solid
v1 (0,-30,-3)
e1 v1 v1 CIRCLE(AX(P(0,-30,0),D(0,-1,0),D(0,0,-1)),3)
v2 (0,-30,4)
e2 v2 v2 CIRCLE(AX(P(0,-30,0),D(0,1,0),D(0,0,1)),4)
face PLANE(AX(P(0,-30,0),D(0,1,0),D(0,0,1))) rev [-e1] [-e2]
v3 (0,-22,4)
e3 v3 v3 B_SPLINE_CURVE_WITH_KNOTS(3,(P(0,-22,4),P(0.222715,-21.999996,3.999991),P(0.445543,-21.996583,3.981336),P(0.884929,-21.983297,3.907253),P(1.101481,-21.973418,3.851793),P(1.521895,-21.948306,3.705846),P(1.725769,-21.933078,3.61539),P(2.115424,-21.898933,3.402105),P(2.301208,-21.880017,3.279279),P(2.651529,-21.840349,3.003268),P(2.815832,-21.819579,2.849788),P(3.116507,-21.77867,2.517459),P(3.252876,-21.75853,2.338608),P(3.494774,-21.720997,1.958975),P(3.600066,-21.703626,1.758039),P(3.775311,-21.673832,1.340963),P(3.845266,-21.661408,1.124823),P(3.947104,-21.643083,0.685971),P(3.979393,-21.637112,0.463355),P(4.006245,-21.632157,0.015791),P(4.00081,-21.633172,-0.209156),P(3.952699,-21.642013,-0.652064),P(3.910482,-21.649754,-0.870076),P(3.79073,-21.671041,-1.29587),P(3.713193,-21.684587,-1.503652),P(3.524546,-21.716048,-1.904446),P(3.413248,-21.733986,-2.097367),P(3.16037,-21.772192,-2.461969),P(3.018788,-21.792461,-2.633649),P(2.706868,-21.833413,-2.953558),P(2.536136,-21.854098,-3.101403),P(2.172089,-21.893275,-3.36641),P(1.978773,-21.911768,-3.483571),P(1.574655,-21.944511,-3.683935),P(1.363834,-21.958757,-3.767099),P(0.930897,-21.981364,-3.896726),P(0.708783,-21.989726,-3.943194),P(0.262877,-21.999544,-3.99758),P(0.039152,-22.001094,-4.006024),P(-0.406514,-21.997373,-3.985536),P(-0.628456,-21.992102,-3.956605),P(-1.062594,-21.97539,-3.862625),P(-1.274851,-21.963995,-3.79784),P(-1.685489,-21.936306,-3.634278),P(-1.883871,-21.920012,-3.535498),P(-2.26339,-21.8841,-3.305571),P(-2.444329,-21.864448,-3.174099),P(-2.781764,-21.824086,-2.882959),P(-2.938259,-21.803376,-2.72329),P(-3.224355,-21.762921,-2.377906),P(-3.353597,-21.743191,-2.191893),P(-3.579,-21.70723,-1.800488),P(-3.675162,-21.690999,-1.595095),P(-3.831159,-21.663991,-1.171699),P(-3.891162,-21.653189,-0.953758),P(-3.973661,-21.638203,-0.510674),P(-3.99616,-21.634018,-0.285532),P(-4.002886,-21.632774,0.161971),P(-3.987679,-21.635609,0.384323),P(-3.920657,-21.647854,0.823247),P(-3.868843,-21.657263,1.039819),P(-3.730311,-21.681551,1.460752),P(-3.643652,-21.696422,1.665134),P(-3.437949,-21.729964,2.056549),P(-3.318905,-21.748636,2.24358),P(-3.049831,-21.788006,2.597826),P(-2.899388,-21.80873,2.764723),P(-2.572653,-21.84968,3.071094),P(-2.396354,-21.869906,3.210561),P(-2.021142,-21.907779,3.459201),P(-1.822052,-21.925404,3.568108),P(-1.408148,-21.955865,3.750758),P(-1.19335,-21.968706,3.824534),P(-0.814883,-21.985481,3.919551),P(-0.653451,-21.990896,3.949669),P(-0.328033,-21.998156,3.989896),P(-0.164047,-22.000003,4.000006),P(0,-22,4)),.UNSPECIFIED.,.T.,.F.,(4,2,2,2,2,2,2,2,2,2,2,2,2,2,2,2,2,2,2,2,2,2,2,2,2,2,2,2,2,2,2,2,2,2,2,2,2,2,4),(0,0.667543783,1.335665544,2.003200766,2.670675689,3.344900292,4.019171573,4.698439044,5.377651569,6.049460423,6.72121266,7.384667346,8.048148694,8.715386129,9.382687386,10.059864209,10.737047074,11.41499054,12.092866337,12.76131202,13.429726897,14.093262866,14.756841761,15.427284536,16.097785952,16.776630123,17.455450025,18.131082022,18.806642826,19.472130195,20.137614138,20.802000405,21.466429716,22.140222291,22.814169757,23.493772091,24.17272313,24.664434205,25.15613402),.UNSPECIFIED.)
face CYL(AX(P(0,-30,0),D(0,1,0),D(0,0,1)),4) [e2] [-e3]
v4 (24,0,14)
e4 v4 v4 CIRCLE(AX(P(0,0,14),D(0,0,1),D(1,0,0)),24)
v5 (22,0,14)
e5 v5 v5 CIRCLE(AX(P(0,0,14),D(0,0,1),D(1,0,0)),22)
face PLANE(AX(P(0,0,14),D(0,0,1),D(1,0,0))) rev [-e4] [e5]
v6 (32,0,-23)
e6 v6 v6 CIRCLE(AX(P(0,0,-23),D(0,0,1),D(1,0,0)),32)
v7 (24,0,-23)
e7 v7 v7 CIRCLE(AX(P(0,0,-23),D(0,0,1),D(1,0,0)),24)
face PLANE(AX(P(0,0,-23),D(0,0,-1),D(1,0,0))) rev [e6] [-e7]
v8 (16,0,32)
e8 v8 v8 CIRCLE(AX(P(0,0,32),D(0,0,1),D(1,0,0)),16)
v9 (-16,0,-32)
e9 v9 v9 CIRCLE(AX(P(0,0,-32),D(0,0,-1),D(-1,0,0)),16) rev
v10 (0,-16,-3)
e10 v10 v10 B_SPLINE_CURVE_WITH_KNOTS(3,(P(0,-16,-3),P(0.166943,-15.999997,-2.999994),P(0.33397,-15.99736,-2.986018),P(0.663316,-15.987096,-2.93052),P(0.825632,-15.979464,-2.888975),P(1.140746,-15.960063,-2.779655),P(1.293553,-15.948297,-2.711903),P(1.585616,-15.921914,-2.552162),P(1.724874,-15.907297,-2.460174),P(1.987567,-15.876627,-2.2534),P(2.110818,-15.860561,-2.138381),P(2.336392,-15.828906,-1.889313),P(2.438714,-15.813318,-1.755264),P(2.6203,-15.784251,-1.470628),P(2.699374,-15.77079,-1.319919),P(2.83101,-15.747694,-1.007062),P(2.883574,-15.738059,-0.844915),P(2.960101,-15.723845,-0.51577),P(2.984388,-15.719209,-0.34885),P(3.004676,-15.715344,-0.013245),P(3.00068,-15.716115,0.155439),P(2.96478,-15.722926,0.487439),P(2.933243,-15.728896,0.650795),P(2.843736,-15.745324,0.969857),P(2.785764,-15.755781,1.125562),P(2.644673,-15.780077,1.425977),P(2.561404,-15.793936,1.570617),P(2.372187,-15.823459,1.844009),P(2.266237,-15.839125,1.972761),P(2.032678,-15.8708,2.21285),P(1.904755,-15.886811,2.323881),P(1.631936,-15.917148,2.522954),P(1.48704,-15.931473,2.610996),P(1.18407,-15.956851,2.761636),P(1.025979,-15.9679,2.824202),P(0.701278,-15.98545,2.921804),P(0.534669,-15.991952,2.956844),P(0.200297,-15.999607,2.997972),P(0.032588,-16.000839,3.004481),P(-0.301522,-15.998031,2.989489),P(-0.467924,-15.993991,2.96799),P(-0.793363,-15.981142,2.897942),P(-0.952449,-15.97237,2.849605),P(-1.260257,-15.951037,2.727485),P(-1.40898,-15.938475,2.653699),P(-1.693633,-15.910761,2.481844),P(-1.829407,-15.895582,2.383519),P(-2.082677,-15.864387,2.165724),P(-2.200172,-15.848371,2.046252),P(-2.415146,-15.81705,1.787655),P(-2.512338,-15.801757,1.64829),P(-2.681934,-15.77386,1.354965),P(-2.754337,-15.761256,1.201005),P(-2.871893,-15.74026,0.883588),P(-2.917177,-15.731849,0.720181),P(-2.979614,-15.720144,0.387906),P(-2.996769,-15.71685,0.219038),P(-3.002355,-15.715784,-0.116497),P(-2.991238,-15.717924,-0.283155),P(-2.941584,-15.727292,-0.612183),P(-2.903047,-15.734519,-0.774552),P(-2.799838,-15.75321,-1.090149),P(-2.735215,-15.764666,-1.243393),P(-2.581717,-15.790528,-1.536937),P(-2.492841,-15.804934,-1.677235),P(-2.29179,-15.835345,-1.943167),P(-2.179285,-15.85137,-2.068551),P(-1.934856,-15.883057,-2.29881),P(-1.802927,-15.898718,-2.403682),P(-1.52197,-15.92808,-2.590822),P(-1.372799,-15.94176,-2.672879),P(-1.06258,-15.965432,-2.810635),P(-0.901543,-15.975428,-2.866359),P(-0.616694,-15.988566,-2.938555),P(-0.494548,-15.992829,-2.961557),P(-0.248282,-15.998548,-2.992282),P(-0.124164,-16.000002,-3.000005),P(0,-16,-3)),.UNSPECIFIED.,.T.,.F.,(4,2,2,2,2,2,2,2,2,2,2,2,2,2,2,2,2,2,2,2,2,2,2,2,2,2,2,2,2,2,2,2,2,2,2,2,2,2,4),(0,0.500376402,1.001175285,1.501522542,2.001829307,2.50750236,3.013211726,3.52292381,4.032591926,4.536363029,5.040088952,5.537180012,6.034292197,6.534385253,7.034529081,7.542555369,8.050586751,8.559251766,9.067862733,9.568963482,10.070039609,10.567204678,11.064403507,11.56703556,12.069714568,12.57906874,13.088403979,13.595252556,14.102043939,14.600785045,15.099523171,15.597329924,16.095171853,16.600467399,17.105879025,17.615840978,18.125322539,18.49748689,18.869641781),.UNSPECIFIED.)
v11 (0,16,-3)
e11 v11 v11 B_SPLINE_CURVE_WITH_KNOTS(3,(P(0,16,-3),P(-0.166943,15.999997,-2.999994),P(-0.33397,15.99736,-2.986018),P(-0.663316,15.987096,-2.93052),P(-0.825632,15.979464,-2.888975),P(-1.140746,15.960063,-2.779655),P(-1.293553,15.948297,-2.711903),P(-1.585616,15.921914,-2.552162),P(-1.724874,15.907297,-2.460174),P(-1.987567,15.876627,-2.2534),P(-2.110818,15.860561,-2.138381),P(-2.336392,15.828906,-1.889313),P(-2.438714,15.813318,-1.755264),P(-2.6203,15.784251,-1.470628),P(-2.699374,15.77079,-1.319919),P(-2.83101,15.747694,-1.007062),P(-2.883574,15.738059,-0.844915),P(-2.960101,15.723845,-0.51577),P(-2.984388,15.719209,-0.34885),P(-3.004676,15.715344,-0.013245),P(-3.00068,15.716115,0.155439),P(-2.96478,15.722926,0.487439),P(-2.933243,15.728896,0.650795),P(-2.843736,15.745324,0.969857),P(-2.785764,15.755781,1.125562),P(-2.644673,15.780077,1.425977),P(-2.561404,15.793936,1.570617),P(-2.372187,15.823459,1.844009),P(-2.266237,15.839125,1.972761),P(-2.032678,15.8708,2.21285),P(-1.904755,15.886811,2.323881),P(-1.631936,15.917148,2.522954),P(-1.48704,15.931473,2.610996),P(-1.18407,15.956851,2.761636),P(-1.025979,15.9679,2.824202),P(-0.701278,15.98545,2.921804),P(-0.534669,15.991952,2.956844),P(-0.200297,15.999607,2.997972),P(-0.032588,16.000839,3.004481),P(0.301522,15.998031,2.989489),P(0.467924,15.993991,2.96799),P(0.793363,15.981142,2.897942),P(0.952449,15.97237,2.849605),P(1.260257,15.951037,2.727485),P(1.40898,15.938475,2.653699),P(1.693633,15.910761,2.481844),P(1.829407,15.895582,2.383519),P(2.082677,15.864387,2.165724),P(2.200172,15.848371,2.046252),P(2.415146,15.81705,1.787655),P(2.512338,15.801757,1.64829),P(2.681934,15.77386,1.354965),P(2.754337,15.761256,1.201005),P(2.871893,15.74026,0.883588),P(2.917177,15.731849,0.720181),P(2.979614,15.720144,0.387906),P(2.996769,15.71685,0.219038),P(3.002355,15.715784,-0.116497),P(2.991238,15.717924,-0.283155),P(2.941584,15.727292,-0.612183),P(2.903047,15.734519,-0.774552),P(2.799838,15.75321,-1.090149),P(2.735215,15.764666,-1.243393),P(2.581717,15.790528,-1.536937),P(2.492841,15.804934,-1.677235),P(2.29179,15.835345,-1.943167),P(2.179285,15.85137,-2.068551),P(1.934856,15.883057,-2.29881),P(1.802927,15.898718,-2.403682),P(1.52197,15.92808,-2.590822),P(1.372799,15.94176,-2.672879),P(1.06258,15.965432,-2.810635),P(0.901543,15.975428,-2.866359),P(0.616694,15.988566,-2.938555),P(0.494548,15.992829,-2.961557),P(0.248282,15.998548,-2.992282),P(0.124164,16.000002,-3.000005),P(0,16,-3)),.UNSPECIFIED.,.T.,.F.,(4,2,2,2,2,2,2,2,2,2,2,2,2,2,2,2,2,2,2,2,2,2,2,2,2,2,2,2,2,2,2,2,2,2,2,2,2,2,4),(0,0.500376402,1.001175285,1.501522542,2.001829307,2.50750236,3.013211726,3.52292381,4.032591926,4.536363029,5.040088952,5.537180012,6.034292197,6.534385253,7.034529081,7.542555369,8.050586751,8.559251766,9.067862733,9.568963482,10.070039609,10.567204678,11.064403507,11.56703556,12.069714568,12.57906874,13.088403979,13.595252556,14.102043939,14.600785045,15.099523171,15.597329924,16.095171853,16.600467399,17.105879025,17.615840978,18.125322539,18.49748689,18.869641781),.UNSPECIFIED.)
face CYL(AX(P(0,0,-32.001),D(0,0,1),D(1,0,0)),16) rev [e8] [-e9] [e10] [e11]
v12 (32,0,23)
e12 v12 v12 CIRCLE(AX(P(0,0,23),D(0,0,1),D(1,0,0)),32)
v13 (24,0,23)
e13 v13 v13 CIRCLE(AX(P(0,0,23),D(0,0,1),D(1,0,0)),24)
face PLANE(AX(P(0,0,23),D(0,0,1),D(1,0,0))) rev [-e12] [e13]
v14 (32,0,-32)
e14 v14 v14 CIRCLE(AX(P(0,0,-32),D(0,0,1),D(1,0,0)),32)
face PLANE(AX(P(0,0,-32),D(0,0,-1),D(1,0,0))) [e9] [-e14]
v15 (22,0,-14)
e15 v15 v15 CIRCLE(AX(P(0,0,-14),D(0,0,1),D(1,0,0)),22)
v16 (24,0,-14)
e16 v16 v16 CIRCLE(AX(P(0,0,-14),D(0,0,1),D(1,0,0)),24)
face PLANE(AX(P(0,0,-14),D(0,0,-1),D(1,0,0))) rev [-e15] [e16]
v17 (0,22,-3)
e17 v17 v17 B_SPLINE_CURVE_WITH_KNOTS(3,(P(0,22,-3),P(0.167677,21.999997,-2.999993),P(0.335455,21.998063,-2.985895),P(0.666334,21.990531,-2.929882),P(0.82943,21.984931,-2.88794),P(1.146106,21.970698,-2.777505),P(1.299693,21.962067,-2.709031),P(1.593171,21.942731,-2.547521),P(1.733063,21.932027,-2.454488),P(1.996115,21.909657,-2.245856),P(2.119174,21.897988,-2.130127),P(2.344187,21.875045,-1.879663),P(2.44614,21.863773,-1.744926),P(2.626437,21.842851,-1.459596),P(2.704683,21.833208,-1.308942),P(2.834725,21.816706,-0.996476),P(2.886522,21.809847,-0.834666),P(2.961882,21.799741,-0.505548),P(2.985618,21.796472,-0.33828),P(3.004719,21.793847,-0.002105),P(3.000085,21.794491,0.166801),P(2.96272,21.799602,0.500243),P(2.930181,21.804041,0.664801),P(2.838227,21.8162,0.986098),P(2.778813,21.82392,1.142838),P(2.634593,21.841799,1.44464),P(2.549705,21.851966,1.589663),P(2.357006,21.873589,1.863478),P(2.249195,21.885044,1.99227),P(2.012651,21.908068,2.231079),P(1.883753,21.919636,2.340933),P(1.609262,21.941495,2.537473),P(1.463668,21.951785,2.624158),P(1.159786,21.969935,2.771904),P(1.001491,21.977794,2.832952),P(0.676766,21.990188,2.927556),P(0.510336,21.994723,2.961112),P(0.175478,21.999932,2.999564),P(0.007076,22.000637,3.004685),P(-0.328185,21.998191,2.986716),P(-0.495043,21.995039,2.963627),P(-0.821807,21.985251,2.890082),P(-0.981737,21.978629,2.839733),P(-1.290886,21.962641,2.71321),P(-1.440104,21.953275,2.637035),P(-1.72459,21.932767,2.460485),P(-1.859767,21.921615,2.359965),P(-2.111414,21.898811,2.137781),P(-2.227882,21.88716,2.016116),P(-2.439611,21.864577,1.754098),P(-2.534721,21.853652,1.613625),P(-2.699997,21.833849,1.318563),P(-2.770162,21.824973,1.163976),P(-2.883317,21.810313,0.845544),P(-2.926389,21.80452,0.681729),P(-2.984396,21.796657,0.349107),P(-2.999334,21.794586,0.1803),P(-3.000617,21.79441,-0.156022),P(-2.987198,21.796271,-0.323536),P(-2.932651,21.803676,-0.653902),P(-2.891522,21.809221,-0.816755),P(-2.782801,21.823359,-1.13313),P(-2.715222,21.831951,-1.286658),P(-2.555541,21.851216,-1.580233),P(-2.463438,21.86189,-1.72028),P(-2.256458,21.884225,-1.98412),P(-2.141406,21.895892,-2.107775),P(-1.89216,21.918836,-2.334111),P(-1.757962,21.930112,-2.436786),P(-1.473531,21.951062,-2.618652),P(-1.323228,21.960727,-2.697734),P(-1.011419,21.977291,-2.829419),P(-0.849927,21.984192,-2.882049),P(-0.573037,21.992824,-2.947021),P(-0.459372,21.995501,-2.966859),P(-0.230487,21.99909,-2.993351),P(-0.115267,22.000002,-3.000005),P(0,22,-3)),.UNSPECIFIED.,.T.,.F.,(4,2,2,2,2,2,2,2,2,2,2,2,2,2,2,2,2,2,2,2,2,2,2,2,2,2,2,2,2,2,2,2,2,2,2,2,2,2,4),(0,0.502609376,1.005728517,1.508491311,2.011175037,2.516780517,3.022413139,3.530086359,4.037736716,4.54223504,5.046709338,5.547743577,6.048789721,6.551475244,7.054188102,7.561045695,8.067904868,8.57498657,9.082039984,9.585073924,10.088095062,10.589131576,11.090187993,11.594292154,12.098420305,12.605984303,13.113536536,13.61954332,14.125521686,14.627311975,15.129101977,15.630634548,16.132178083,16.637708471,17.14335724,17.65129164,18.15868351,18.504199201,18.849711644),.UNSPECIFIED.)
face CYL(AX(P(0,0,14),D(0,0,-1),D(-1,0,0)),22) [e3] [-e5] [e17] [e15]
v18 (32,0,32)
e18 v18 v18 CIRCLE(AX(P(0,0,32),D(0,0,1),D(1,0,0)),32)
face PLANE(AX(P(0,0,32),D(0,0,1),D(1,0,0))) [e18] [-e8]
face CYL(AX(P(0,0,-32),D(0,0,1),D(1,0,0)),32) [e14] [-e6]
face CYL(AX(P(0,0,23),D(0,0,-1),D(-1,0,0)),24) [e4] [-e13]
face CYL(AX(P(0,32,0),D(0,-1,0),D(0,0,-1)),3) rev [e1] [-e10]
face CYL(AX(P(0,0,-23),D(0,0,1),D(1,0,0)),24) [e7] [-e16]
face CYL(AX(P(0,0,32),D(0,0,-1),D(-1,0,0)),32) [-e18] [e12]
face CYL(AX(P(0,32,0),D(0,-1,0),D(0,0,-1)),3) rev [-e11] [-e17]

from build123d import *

# Parameters (mm, degrees)
SKETCH1_R           = 22
BOSS_EXTRUDE1_DEPTH = 14
SKETCH2_R           = 24
BOSS_EXTRUDE2_DEPTH = 9
SKETCH3_R           = 32
BOSS_EXTRUDE3_DEPTH = 9
SKETCH5_R           = 4
BOSS_EXTRUDE4_DEPTH = 30
CUT_EXTRUDE2_REACH  = 66
SKETCH4_R           = 16
SKETCH6_R           = 3
CUT_EXTRUDE3_DEPTH  = 63


with BuildPart() as part:
    # Sketch1 → Boss-Extrude1 (new body, symmetric)
    with BuildSketch(Plane.XY):
        Circle(SKETCH1_R)
    extrude(amount=BOSS_EXTRUDE1_DEPTH, both=True)

    # Sketch2 → Boss-Extrude2 (add)
    with BuildSketch(Plane.XY.offset(14)):
        Circle(SKETCH2_R)
    boss_extrude2 = extrude(amount=BOSS_EXTRUDE2_DEPTH)

    # Mirror1: Boss-Extrude2 across plane
    add(boss_extrude2.mirror(Plane.XY))

    # Sketch3 → Boss-Extrude3 (add)
    with BuildSketch(Plane.XY.offset(23)):
        Circle(SKETCH3_R)
    boss_extrude3 = extrude(amount=BOSS_EXTRUDE3_DEPTH)

    # Mirror2: Boss-Extrude3 across plane
    add(boss_extrude3.mirror(Plane.XY))

    # Sketch5 → Boss-Extrude4 (add)
    with BuildSketch(Plane(origin=(0, 0, 0), x_dir=(1, 0, 0), z_dir=(0, 1, 0))):
        Circle(SKETCH5_R)
    extrude(amount=-BOSS_EXTRUDE4_DEPTH)

    # Sketch4 → Cut-Extrude2 (cut, up to next)
    with BuildSketch(Plane.XY.offset(32), mode=Mode.PRIVATE) as cut_extrude2_sk1:
        Circle(SKETCH4_R)
    cut_extrude2_tool1 = extrude(cut_extrude2_sk1.sketch, amount=-CUT_EXTRUDE2_REACH, mode=Mode.PRIVATE) & part.part
    add(cut_extrude2_tool1.solids().sort_by_distance((0, 0, 32))[0], mode=Mode.SUBTRACT)

    # Sketch6 → Cut-Extrude3 (cut, through all)
    with BuildSketch(Plane.XZ.offset(30)):
        Circle(SKETCH6_R)
    extrude(amount=-CUT_EXTRUDE3_DEPTH, mode=Mode.SUBTRACT)


solid = part.part
